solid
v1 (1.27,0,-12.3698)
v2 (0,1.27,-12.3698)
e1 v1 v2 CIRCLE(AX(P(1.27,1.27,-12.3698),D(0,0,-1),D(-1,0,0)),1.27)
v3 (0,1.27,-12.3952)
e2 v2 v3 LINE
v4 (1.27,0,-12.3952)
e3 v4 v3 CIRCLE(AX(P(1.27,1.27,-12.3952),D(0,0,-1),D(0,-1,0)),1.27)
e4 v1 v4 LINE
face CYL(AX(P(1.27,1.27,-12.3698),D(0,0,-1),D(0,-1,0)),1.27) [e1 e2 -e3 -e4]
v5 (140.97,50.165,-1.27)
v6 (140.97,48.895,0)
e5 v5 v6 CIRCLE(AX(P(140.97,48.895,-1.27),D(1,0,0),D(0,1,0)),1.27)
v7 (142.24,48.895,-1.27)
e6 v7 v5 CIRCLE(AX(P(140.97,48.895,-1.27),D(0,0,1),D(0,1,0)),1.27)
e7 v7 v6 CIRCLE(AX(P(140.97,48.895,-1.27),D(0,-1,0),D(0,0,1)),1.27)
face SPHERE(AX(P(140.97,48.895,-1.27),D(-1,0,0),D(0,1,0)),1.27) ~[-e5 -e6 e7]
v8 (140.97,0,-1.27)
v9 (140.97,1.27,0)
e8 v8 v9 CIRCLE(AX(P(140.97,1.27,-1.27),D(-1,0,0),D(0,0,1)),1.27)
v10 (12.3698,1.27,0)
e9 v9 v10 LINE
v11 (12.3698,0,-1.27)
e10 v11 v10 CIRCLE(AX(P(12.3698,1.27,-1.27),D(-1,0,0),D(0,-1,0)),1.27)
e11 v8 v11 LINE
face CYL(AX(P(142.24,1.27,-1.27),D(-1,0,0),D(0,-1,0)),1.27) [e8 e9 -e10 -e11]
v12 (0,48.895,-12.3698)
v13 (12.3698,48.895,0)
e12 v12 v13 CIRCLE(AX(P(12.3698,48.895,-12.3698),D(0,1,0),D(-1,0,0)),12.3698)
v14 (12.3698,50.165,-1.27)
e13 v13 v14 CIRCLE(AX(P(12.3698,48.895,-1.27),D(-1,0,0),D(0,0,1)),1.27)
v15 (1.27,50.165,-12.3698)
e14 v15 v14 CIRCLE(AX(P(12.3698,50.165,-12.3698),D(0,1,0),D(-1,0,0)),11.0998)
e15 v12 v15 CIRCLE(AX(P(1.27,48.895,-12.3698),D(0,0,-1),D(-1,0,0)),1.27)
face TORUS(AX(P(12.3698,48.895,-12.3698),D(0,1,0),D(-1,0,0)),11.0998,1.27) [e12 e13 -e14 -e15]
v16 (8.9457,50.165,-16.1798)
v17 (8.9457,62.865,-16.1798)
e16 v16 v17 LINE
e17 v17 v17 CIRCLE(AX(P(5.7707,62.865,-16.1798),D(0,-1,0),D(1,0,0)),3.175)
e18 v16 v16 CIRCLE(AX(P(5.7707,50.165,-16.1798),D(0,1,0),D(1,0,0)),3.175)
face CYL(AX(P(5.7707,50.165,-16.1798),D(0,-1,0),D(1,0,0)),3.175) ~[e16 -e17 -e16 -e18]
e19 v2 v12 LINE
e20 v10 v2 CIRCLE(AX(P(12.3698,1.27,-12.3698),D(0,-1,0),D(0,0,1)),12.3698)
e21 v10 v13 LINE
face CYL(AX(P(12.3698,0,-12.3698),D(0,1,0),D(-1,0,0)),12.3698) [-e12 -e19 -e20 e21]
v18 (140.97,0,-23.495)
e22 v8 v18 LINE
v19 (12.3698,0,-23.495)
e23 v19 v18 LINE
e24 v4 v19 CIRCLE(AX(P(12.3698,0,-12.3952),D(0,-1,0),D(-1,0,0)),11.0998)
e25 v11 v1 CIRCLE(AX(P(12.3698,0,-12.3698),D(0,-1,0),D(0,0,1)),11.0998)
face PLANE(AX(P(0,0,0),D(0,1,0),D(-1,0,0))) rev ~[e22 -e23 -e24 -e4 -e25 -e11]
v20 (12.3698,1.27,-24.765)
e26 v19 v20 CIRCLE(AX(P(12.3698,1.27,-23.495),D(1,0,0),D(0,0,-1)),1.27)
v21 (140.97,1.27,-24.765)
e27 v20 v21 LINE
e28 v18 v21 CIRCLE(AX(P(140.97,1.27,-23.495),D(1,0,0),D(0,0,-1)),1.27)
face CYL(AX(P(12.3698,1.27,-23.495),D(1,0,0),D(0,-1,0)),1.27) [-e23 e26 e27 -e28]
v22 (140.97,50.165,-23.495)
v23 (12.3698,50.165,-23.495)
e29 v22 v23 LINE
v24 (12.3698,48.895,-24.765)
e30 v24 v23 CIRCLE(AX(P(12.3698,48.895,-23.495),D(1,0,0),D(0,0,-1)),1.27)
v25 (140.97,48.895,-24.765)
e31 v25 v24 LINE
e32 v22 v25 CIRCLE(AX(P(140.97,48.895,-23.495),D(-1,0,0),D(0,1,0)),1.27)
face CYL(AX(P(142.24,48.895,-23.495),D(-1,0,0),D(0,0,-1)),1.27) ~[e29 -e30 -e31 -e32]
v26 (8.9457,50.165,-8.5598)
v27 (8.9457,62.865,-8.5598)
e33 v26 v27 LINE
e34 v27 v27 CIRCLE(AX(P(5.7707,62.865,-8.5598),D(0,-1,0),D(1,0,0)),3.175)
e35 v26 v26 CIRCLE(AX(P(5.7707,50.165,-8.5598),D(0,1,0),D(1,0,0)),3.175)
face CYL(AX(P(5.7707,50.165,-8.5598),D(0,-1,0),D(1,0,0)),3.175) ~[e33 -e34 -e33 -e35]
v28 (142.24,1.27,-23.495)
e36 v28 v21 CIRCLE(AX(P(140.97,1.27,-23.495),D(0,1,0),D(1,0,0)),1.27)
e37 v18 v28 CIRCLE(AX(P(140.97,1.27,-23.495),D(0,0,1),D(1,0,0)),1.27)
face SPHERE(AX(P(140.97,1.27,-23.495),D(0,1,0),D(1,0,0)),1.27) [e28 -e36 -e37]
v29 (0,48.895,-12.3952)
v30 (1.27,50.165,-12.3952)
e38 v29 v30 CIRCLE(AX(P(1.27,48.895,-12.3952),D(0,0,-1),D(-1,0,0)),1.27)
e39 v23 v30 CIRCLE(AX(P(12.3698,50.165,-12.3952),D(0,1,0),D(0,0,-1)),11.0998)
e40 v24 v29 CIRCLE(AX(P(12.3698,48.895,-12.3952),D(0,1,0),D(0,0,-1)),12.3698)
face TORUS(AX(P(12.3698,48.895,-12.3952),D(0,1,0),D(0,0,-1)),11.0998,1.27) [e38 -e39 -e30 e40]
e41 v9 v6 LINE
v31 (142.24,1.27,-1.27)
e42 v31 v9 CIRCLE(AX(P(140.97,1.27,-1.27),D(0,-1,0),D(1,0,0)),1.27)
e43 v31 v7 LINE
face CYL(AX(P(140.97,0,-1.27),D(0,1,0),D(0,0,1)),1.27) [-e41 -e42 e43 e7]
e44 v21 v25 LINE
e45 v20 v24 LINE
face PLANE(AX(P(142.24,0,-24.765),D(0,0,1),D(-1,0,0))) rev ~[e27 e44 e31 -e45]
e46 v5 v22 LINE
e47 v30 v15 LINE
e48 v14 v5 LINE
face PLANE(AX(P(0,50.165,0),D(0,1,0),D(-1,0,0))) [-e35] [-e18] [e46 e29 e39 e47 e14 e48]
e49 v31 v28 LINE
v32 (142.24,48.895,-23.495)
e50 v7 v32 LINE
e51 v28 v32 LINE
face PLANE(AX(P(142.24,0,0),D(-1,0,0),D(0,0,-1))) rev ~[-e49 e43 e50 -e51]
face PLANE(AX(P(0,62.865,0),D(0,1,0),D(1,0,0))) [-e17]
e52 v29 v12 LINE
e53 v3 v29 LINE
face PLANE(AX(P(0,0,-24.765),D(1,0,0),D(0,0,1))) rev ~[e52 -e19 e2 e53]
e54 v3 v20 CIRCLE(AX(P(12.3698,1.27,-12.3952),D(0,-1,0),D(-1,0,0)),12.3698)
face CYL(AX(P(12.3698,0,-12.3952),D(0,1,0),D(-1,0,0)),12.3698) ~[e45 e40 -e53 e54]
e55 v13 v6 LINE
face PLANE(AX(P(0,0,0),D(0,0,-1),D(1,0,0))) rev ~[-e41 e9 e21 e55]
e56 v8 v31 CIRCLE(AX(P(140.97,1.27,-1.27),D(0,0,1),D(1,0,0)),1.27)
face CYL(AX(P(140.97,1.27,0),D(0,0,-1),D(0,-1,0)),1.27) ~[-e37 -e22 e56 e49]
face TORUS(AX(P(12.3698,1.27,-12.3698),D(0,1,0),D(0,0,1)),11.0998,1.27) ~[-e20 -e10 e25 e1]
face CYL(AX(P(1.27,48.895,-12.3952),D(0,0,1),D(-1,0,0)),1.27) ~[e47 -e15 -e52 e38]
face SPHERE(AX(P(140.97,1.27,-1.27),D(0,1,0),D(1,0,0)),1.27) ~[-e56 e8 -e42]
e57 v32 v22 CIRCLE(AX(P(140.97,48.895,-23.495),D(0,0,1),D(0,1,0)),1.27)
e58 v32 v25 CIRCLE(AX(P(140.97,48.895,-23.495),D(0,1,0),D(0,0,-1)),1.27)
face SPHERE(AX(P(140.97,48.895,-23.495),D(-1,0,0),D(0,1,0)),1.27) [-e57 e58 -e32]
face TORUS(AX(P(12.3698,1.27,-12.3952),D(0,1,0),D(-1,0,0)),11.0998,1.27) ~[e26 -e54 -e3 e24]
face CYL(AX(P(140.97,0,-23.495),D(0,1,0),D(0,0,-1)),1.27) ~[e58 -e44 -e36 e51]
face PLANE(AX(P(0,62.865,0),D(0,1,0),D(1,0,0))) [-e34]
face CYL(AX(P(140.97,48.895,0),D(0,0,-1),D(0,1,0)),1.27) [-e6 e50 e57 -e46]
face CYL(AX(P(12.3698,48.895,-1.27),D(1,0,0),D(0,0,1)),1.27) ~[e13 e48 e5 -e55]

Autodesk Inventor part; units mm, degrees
ref_plane "YZ Plane" through (0, 0, 0) normal (1, 0, 0) x (0, 1, 0)
ref_plane "XZ Plane" through (0, 0, 0) normal (0, 1, 0) x (-1, 0, 0)
ref_plane "XY Plane" through (0, 0, 0) normal (0, 0, 1) x (1, 0, 0)
sketch "Sketch1" plane through (0, 0, 0) normal (0, 1, 0) x (-1, 0, 0)
  line L0 (0, 0) -> (-142.24, 0)
  line L1 (-142.24, 0) -> (-142.24, -24.765)
  line L2 (-142.24, -24.765) -> (0, -24.765)
  line L3 (0, -24.765) -> (0, 0)
  dimension "d0" = 142.24
  dimension "d1" = 24.765
extrude "Extrusion1" add sketch "Sketch1" along normal blind 50.165
fillet "Fillet1" radius 12.3698 2 edges at (0, 25.0825, 0) (0, 25.0825, -24.765)
fillet "Fillet2" radius 1.27 14 edges at (3.623, 50.165, -3.623) (0, 50.165, -12.3825) (3.623, 50.165, -21.142) (77.3049, 50.165, -24.765) (77.3049, 50.165, 0) (142.24, 50.165, -12.3825) (142.24, 25.0825, 0) (142.24, 25.0825, -24.765) (142.24, 0, -12.3825) (3.623, 0, -21.142) (0, 0, -12.3825) (3.623, 0, -3.623) (77.3049, 0, 0) (77.3049, 0, -24.765)
sketch "Sketch2" plane through (0, 50.165, 0) normal (0, 1, 0) x (1, 0, 0)
  line L0 (12.3698, 23.495) -> (140.97, 23.495) projected
  arc A0 (12.3698, 23.495) -> (1.27, 12.3952) centre (12.3698, 12.3952) ccw projected
  line L1 (1.27, 12.3698) -> (1.27, 12.3952) projected
  arc A1 (1.27, 12.3698) -> (12.3698, 1.27) centre (12.3698, 12.3698) ccw projected
  line L2 (140.97, 1.27) -> (12.3698, 1.27) projected
  line L3 (140.97, 23.495) -> (140.97, 1.27) projected
  line L4 (12.3698, 12.3698) -> (5.7707, 16.1798)
  line L5 (12.3698, 12.3698) -> (19.9898, 12.3698) construction
  line L6 (12.3698, 12.3698) -> (5.7707, 8.5598)
  line L7 (12.3698, 12.3698) -> (19.9898, 12.3698) construction
  circle A2 centre (5.7707, 8.5598) radius 3.175
  circle A3 centre (5.7707, 16.1798) radius 3.175
  point P0 (0, 0)
  dimension "d6" = 7.62
  dimension "d7" = 150
  dimension "d8" = 7.62
  dimension "d9" = 150
  dimension "d10" = 6.35
  dimension "d11" = 6.35
extrude "Extrusion2" add sketch "Sketch2" along normal blind 12.7 contours A3 | A2
properties part number "Battery"
